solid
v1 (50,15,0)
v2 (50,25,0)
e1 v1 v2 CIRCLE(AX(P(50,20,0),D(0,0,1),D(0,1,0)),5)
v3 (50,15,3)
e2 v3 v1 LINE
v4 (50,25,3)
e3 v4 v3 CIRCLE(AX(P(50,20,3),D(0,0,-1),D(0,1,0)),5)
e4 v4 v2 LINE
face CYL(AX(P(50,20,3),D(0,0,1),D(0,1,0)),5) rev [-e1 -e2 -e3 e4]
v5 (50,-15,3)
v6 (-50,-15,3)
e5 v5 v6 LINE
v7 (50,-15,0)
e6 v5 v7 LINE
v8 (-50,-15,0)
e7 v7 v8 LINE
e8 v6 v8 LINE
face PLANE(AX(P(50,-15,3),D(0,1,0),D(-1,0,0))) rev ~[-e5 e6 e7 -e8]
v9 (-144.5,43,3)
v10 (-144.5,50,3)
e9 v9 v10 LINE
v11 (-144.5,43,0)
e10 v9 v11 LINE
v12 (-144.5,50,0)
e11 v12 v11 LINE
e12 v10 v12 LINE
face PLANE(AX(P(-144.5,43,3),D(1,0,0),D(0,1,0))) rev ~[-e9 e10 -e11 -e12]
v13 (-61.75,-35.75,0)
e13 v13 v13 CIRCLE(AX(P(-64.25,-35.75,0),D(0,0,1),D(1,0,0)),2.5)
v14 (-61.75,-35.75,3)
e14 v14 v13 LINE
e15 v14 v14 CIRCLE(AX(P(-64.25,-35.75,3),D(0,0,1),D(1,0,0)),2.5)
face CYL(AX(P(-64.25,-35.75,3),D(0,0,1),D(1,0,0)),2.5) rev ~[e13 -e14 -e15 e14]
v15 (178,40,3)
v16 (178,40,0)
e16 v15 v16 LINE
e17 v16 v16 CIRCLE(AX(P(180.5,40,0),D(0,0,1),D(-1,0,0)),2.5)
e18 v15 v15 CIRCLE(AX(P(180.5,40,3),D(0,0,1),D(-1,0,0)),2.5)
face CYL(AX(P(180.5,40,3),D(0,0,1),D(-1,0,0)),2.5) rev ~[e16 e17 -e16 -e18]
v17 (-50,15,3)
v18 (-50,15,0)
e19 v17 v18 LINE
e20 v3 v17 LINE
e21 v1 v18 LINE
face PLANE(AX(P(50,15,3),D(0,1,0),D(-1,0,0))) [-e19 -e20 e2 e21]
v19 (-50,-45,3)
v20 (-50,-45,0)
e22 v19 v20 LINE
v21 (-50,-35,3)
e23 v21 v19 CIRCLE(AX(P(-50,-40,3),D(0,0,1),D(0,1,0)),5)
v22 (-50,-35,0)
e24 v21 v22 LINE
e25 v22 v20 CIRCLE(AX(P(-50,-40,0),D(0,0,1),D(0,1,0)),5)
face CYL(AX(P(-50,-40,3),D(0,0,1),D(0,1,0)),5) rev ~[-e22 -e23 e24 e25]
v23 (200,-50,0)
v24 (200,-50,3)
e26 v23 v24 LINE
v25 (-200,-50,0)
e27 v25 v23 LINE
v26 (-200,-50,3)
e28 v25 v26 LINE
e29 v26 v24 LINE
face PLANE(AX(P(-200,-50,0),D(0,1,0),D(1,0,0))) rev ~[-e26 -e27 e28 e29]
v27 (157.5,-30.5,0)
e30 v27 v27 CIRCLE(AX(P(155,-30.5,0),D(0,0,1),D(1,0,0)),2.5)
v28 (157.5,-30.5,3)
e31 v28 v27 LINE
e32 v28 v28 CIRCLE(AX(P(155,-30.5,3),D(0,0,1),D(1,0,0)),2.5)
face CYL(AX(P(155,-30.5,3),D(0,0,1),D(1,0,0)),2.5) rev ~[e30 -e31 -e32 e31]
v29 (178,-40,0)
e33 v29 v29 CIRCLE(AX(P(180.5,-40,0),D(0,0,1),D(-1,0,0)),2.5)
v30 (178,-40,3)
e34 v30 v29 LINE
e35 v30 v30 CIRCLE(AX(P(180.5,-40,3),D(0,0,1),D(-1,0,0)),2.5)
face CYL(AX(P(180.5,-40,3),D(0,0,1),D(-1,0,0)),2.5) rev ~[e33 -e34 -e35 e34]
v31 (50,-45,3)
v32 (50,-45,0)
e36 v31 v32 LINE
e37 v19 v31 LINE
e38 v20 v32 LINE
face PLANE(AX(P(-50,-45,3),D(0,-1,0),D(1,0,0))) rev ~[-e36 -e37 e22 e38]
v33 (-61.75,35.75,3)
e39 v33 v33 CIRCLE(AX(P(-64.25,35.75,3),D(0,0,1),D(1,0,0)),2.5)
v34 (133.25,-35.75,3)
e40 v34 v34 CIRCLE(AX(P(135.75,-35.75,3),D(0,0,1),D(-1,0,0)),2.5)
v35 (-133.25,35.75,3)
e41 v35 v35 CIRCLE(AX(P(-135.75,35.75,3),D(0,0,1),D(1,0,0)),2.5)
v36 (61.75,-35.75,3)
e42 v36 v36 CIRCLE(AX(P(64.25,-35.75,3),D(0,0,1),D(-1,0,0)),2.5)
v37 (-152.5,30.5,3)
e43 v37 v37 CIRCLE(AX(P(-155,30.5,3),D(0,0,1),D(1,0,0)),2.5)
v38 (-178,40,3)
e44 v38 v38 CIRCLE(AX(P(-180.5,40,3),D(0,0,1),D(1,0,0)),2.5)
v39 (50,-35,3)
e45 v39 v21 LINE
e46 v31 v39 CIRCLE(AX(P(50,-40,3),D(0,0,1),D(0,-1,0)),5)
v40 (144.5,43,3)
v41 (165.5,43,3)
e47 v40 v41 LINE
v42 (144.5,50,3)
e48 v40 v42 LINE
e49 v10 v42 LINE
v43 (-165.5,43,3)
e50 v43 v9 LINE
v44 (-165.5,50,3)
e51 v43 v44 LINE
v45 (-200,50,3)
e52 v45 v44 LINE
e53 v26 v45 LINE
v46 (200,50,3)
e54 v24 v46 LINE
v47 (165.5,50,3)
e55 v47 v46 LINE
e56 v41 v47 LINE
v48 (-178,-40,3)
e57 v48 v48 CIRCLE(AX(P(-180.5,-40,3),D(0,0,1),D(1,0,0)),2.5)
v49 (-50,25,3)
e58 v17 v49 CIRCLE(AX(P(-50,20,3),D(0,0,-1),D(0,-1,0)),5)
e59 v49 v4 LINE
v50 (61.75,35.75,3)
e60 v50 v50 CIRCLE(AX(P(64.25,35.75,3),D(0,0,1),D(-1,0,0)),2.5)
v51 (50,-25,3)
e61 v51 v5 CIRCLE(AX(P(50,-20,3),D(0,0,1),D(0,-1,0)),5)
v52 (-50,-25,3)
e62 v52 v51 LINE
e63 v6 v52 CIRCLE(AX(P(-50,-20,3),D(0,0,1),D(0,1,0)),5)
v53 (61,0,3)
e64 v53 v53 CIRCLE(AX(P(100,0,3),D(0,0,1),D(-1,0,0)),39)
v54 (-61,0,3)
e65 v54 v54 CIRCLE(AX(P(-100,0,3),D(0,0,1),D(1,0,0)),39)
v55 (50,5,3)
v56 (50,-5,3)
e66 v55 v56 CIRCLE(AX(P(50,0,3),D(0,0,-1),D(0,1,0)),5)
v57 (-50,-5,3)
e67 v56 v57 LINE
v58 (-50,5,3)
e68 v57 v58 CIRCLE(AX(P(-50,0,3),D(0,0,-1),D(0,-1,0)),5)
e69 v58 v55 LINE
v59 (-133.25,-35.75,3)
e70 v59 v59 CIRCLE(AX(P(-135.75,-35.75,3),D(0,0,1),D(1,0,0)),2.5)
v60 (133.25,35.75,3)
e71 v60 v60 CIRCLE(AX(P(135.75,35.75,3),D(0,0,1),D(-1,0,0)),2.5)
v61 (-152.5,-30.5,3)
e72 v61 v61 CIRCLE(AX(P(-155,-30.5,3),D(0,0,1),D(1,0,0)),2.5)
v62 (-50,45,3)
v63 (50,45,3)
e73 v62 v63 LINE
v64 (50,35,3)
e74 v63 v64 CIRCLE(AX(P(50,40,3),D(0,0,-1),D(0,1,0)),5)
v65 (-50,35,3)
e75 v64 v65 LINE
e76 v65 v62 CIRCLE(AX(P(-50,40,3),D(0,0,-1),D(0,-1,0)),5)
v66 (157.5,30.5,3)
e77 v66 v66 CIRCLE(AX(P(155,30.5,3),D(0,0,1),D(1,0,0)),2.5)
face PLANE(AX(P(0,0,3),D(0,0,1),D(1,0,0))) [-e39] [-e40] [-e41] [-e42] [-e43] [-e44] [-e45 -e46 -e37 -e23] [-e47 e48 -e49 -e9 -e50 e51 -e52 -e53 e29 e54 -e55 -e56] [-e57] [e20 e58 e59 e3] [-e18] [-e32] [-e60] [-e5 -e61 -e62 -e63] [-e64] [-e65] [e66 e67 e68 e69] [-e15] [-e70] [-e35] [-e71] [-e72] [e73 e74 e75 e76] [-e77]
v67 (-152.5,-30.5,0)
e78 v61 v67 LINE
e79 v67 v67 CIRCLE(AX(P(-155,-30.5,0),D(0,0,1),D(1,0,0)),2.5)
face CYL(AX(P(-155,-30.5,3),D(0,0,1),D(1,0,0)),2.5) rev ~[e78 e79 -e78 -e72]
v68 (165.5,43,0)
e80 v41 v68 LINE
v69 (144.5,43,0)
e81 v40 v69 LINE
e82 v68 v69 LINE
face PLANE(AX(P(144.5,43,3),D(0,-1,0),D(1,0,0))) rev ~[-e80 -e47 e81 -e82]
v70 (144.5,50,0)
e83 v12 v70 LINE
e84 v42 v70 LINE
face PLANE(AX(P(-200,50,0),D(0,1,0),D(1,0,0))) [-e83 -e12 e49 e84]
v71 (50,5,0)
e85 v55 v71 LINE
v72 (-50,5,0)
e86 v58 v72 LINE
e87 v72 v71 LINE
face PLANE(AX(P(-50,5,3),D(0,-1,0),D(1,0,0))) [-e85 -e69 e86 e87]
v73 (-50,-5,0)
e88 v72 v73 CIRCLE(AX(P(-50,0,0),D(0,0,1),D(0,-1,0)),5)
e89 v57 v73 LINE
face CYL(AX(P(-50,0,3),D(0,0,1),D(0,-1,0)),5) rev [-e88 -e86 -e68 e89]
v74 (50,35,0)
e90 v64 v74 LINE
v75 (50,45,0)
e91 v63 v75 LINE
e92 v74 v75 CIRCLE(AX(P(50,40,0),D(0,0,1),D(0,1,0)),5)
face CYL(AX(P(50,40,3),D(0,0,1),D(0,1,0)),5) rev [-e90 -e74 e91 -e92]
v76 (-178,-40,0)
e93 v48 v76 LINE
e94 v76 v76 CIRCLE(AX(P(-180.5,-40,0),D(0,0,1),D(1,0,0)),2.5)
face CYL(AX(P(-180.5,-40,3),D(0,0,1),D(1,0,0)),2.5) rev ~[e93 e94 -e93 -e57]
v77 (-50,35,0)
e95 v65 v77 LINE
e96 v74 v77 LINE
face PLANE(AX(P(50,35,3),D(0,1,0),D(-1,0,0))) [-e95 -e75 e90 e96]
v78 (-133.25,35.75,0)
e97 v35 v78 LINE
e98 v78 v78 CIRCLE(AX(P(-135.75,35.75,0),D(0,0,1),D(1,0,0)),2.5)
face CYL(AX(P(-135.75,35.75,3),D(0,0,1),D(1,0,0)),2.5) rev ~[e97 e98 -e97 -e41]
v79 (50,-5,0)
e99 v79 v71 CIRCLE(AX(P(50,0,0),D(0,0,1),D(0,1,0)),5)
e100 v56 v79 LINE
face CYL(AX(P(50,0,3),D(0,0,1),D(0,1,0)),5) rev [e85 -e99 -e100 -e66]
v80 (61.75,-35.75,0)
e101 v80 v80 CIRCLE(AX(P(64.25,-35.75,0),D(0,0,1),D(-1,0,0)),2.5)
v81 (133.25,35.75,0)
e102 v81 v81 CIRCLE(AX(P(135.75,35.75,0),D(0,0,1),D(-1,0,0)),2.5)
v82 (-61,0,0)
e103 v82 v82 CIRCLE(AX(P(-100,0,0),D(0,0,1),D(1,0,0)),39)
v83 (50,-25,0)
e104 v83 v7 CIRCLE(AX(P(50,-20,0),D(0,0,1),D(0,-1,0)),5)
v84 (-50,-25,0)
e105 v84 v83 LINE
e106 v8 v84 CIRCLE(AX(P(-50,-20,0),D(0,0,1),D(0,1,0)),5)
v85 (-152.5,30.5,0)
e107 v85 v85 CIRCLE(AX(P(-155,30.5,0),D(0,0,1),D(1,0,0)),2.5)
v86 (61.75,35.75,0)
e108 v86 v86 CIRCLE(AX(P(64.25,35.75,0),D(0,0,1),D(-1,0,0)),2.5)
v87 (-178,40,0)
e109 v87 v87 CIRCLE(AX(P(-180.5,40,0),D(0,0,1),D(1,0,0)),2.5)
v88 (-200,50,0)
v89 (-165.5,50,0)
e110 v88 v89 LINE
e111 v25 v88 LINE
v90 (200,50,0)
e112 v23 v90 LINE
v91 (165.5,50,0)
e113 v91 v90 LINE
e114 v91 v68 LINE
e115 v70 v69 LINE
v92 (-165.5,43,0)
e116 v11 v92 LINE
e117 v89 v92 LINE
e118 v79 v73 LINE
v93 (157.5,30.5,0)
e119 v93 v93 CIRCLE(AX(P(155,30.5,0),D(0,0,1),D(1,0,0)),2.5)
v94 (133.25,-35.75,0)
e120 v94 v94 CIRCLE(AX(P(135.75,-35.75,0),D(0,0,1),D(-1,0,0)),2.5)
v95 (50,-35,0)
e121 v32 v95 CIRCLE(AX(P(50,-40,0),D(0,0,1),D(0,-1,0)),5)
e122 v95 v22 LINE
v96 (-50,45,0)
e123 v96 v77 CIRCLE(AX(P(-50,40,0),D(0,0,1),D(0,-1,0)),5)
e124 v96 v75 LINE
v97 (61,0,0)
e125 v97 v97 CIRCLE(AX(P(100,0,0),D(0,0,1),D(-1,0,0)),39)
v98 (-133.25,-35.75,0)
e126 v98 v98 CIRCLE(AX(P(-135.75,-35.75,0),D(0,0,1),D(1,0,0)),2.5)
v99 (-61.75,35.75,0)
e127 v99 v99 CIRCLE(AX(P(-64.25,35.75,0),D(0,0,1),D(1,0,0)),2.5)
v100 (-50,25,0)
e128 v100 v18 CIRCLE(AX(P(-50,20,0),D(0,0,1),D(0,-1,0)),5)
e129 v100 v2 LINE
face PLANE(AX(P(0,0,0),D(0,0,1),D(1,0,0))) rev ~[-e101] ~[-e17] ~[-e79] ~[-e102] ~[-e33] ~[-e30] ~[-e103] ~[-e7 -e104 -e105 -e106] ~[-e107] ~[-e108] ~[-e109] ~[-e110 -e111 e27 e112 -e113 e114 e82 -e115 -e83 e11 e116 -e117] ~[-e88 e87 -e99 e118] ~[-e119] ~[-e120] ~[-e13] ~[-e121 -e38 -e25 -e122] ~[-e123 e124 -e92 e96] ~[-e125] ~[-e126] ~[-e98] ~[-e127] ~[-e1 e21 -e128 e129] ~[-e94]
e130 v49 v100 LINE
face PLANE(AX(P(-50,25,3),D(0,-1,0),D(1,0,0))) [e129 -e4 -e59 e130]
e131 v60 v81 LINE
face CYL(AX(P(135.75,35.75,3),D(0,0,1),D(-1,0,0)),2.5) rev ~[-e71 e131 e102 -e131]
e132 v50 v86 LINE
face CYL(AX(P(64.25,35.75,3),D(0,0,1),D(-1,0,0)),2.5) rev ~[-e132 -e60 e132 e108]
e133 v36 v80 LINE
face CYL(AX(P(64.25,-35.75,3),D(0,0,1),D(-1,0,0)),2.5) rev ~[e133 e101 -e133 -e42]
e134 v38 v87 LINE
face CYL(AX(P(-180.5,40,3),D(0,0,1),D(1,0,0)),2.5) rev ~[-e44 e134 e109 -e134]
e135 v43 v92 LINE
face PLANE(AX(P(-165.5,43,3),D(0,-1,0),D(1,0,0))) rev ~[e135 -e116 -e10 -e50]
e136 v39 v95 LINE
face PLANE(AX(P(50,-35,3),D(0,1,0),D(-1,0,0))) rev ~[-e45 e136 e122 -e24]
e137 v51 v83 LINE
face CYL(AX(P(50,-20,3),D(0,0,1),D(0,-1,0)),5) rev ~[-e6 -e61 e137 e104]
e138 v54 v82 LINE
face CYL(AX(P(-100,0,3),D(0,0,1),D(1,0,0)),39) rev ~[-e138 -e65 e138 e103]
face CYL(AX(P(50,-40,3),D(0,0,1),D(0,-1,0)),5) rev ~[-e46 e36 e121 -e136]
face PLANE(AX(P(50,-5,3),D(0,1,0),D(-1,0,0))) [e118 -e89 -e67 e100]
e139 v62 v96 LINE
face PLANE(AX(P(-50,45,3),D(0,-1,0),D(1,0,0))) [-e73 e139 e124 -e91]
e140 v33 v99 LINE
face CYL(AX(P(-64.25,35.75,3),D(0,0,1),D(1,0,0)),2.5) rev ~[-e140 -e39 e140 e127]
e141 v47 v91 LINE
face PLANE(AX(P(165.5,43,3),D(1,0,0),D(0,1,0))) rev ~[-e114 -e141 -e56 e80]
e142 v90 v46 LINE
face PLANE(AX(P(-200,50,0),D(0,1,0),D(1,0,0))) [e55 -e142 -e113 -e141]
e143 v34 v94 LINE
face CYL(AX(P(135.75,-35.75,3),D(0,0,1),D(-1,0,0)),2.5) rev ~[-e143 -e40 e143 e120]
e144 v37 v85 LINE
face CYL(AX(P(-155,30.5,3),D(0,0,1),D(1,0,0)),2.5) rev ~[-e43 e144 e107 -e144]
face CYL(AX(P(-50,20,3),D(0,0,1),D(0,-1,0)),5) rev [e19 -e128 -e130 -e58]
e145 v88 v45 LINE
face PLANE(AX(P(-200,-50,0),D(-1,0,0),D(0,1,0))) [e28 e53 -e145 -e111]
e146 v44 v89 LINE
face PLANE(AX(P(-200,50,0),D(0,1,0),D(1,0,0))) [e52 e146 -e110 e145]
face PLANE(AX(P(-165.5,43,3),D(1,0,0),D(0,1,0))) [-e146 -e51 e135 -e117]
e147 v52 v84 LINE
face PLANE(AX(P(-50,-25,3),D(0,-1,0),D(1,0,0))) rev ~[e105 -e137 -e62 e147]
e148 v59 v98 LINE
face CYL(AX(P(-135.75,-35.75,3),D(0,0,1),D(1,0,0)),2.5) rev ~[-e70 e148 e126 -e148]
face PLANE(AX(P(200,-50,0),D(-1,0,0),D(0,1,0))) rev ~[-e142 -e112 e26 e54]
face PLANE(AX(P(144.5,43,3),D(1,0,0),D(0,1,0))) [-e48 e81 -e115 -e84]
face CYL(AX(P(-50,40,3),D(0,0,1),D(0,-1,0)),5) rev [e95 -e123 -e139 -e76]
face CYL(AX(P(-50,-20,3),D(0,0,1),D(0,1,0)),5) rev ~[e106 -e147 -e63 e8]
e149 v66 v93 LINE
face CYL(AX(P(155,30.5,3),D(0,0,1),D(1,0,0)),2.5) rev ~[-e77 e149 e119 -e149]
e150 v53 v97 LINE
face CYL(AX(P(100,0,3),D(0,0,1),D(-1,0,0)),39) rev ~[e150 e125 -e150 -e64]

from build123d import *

# Parameters (mm, degrees)
SKETCH1_W           = 400
SKETCH1_H           = 100
BOSS_EXTRUDE1_DEPTH = 3
SKETCH2_R           = 2.5
SKETCH2_R_2         = 39
CUT_EXTRUDE1_DEPTH  = 207.177108332
CUT_EXTRUDE2_DEPTH  = 207.177108332
CUT_EXTRUDE3_REACH  = 208.177
SKETCH4_R           = 2.5
SKETCH5_R           = 2.5
CUT_EXTRUDE4_DEPTH  = 207.177108332
CUT_EXTRUDE5_REACH  = 208.177
SKETCH6_W           = 21
SKETCH6_H           = 7


with BuildPart() as part:
    # Sketch1 → Boss-Extrude1 (new body)
    with BuildSketch(Plane.XY):
        Rectangle(SKETCH1_W, SKETCH1_H)
    extrude(amount=BOSS_EXTRUDE1_DEPTH)

    # Sketch2 → Cut-Extrude1 (cut, through all)
    with BuildSketch(Plane.XY.offset(3)):
        with Locations((-64.25, 35.75)):
            Circle(SKETCH2_R)
        with Locations((-64.25, -35.75)):
            Circle(SKETCH2_R)
        with Locations((-135.75, -35.75)):
            Circle(SKETCH2_R)
        with Locations((-135.75, 35.75)):
            Circle(SKETCH2_R)
        with Locations((-100, 0)):
            Circle(SKETCH2_R_2)
        with Locations(Location((100, 0, 0), (0, 0, 180))):
            Circle(SKETCH2_R_2)
        with Locations(Location((135.75, 35.75, 0), (0, 0, 180))):
            Circle(SKETCH2_R)
        with Locations(Location((135.75, -35.75, 0), (0, 0, 180))):
            Circle(SKETCH2_R)
        with Locations(Location((64.25, -35.75, 0), (0, 0, 180))):
            Circle(SKETCH2_R)
        with Locations(Location((64.25, 35.75, 0), (0, 0, 180))):
            Circle(SKETCH2_R)
    extrude(amount=-CUT_EXTRUDE1_DEPTH, mode=Mode.SUBTRACT)

    # Sketch3 → Cut-Extrude2 (cut, through all)
    with BuildSketch(Plane.XY.offset(3)):
        with BuildLine():
            Line((-50, 5), (50, 5))
            ThreePointArc((50, 5), (55, 0), (50, -5))
            Line((50, -5), (-50, -5))
            ThreePointArc((-50, -5), (-55, 0), (-50, 5))
        make_face()
        with BuildLine():
            Line((-50, 25), (50, 25))
            ThreePointArc((50, 25), (55, 20), (50, 15))
            Line((50, 15), (-50, 15))
            ThreePointArc((-50, 15), (-55, 20), (-50, 25))
        make_face()
        with BuildLine():
            Line((-50, 45), (50, 45))
            ThreePointArc((50, 45), (55, 40), (50, 35))
            Line((50, 35), (-50, 35))
            ThreePointArc((-50, 35), (-55, 40), (-50, 45))
        make_face()
        with BuildLine():
            Line((-50, -45), (50, -45))
            ThreePointArc((50, -45), (55, -40), (50, -35))
            Line((50, -35), (-50, -35))
            ThreePointArc((-50, -35), (-55, -40), (-50, -45))
        make_face()
        with BuildLine():
            Line((-50, -25), (50, -25))
            ThreePointArc((50, -25), (55, -20), (50, -15))
            Line((50, -15), (-50, -15))
            ThreePointArc((-50, -15), (-55, -20), (-50, -25))
        make_face()
    extrude(amount=-CUT_EXTRUDE2_DEPTH, mode=Mode.SUBTRACT)

    # Sketch4 → Cut-Extrude3 (cut, up to next)
    with BuildSketch(Plane.XY.offset(3), mode=Mode.PRIVATE) as cut_extrude3_sk1:
        with Locations((-155, -30.5)):
            Circle(SKETCH4_R)
    cut_extrude3_tool1 = extrude(cut_extrude3_sk1.sketch, amount=-CUT_EXTRUDE3_REACH, mode=Mode.PRIVATE) & part.part
    # Sketch4 → Cut-Extrude3 (cut, up to next)
    with BuildSketch(Plane.XY.offset(3), mode=Mode.PRIVATE) as cut_extrude3_sk2:
        with Locations((-155, 30.5)):
            Circle(SKETCH4_R)
    cut_extrude3_tool2 = extrude(cut_extrude3_sk2.sketch, amount=-CUT_EXTRUDE3_REACH, mode=Mode.PRIVATE) & part.part
    # Sketch4 → Cut-Extrude3 (cut, up to next)
    with BuildSketch(Plane.XY.offset(3), mode=Mode.PRIVATE) as cut_extrude3_sk3:
        with Locations((155, 30.5)):
            Circle(SKETCH4_R)
    cut_extrude3_tool3 = extrude(cut_extrude3_sk3.sketch, amount=-CUT_EXTRUDE3_REACH, mode=Mode.PRIVATE) & part.part
    # Sketch4 → Cut-Extrude3 (cut, up to next)
    with BuildSketch(Plane.XY.offset(3), mode=Mode.PRIVATE) as cut_extrude3_sk4:
        with Locations((155, -30.5)):
            Circle(SKETCH4_R)
    cut_extrude3_tool4 = extrude(cut_extrude3_sk4.sketch, amount=-CUT_EXTRUDE3_REACH, mode=Mode.PRIVATE) & part.part
    add(cut_extrude3_tool1.solids().sort_by_distance((-155, -30.5, 3))[0], mode=Mode.SUBTRACT)
    add(cut_extrude3_tool2.solids().sort_by_distance((-155, 30.5, 3))[0], mode=Mode.SUBTRACT)
    add(cut_extrude3_tool3.solids().sort_by_distance((155, 30.5, 3))[0], mode=Mode.SUBTRACT)
    add(cut_extrude3_tool4.solids().sort_by_distance((155, -30.5, 3))[0], mode=Mode.SUBTRACT)

    # Sketch5 → Cut-Extrude4 (cut, through all)
    with BuildSketch(Plane.XY.offset(3)):
        with Locations((-180.5, -40)):
            Circle(SKETCH5_R)
        with Locations((-180.5, 40)):
            Circle(SKETCH5_R)
        with Locations(Location((180.5, 40, 0), (0, 0, 180))):
            Circle(SKETCH5_R)
        with Locations(Location((180.5, -40, 0), (0, 0, 180))):
            Circle(SKETCH5_R)
    extrude(amount=-CUT_EXTRUDE4_DEPTH, mode=Mode.SUBTRACT)

    # Sketch6 → Cut-Extrude5 (cut, up to next)
    with BuildSketch(Plane.XY.offset(3), mode=Mode.PRIVATE) as cut_extrude5_sk1:
        with Locations((-155, 46.5)):
            Rectangle(SKETCH6_W, SKETCH6_H)
    cut_extrude5_tool1 = extrude(cut_extrude5_sk1.sketch, amount=-CUT_EXTRUDE5_REACH, mode=Mode.PRIVATE) & part.part
    # Sketch6 → Cut-Extrude5 (cut, up to next)
    with BuildSketch(Plane.XY.offset(3), mode=Mode.PRIVATE) as cut_extrude5_sk2:
        with Locations((155, 46.5)):
            Rectangle(SKETCH6_W, SKETCH6_H)
    cut_extrude5_tool2 = extrude(cut_extrude5_sk2.sketch, amount=-CUT_EXTRUDE5_REACH, mode=Mode.PRIVATE) & part.part
    add(cut_extrude5_tool1.solids().sort_by_distance((-155, 46.5, 3))[0], mode=Mode.SUBTRACT)
    add(cut_extrude5_tool2.solids().sort_by_distance((155, 46.5, 3))[0], mode=Mode.SUBTRACT)


solid = part.part
